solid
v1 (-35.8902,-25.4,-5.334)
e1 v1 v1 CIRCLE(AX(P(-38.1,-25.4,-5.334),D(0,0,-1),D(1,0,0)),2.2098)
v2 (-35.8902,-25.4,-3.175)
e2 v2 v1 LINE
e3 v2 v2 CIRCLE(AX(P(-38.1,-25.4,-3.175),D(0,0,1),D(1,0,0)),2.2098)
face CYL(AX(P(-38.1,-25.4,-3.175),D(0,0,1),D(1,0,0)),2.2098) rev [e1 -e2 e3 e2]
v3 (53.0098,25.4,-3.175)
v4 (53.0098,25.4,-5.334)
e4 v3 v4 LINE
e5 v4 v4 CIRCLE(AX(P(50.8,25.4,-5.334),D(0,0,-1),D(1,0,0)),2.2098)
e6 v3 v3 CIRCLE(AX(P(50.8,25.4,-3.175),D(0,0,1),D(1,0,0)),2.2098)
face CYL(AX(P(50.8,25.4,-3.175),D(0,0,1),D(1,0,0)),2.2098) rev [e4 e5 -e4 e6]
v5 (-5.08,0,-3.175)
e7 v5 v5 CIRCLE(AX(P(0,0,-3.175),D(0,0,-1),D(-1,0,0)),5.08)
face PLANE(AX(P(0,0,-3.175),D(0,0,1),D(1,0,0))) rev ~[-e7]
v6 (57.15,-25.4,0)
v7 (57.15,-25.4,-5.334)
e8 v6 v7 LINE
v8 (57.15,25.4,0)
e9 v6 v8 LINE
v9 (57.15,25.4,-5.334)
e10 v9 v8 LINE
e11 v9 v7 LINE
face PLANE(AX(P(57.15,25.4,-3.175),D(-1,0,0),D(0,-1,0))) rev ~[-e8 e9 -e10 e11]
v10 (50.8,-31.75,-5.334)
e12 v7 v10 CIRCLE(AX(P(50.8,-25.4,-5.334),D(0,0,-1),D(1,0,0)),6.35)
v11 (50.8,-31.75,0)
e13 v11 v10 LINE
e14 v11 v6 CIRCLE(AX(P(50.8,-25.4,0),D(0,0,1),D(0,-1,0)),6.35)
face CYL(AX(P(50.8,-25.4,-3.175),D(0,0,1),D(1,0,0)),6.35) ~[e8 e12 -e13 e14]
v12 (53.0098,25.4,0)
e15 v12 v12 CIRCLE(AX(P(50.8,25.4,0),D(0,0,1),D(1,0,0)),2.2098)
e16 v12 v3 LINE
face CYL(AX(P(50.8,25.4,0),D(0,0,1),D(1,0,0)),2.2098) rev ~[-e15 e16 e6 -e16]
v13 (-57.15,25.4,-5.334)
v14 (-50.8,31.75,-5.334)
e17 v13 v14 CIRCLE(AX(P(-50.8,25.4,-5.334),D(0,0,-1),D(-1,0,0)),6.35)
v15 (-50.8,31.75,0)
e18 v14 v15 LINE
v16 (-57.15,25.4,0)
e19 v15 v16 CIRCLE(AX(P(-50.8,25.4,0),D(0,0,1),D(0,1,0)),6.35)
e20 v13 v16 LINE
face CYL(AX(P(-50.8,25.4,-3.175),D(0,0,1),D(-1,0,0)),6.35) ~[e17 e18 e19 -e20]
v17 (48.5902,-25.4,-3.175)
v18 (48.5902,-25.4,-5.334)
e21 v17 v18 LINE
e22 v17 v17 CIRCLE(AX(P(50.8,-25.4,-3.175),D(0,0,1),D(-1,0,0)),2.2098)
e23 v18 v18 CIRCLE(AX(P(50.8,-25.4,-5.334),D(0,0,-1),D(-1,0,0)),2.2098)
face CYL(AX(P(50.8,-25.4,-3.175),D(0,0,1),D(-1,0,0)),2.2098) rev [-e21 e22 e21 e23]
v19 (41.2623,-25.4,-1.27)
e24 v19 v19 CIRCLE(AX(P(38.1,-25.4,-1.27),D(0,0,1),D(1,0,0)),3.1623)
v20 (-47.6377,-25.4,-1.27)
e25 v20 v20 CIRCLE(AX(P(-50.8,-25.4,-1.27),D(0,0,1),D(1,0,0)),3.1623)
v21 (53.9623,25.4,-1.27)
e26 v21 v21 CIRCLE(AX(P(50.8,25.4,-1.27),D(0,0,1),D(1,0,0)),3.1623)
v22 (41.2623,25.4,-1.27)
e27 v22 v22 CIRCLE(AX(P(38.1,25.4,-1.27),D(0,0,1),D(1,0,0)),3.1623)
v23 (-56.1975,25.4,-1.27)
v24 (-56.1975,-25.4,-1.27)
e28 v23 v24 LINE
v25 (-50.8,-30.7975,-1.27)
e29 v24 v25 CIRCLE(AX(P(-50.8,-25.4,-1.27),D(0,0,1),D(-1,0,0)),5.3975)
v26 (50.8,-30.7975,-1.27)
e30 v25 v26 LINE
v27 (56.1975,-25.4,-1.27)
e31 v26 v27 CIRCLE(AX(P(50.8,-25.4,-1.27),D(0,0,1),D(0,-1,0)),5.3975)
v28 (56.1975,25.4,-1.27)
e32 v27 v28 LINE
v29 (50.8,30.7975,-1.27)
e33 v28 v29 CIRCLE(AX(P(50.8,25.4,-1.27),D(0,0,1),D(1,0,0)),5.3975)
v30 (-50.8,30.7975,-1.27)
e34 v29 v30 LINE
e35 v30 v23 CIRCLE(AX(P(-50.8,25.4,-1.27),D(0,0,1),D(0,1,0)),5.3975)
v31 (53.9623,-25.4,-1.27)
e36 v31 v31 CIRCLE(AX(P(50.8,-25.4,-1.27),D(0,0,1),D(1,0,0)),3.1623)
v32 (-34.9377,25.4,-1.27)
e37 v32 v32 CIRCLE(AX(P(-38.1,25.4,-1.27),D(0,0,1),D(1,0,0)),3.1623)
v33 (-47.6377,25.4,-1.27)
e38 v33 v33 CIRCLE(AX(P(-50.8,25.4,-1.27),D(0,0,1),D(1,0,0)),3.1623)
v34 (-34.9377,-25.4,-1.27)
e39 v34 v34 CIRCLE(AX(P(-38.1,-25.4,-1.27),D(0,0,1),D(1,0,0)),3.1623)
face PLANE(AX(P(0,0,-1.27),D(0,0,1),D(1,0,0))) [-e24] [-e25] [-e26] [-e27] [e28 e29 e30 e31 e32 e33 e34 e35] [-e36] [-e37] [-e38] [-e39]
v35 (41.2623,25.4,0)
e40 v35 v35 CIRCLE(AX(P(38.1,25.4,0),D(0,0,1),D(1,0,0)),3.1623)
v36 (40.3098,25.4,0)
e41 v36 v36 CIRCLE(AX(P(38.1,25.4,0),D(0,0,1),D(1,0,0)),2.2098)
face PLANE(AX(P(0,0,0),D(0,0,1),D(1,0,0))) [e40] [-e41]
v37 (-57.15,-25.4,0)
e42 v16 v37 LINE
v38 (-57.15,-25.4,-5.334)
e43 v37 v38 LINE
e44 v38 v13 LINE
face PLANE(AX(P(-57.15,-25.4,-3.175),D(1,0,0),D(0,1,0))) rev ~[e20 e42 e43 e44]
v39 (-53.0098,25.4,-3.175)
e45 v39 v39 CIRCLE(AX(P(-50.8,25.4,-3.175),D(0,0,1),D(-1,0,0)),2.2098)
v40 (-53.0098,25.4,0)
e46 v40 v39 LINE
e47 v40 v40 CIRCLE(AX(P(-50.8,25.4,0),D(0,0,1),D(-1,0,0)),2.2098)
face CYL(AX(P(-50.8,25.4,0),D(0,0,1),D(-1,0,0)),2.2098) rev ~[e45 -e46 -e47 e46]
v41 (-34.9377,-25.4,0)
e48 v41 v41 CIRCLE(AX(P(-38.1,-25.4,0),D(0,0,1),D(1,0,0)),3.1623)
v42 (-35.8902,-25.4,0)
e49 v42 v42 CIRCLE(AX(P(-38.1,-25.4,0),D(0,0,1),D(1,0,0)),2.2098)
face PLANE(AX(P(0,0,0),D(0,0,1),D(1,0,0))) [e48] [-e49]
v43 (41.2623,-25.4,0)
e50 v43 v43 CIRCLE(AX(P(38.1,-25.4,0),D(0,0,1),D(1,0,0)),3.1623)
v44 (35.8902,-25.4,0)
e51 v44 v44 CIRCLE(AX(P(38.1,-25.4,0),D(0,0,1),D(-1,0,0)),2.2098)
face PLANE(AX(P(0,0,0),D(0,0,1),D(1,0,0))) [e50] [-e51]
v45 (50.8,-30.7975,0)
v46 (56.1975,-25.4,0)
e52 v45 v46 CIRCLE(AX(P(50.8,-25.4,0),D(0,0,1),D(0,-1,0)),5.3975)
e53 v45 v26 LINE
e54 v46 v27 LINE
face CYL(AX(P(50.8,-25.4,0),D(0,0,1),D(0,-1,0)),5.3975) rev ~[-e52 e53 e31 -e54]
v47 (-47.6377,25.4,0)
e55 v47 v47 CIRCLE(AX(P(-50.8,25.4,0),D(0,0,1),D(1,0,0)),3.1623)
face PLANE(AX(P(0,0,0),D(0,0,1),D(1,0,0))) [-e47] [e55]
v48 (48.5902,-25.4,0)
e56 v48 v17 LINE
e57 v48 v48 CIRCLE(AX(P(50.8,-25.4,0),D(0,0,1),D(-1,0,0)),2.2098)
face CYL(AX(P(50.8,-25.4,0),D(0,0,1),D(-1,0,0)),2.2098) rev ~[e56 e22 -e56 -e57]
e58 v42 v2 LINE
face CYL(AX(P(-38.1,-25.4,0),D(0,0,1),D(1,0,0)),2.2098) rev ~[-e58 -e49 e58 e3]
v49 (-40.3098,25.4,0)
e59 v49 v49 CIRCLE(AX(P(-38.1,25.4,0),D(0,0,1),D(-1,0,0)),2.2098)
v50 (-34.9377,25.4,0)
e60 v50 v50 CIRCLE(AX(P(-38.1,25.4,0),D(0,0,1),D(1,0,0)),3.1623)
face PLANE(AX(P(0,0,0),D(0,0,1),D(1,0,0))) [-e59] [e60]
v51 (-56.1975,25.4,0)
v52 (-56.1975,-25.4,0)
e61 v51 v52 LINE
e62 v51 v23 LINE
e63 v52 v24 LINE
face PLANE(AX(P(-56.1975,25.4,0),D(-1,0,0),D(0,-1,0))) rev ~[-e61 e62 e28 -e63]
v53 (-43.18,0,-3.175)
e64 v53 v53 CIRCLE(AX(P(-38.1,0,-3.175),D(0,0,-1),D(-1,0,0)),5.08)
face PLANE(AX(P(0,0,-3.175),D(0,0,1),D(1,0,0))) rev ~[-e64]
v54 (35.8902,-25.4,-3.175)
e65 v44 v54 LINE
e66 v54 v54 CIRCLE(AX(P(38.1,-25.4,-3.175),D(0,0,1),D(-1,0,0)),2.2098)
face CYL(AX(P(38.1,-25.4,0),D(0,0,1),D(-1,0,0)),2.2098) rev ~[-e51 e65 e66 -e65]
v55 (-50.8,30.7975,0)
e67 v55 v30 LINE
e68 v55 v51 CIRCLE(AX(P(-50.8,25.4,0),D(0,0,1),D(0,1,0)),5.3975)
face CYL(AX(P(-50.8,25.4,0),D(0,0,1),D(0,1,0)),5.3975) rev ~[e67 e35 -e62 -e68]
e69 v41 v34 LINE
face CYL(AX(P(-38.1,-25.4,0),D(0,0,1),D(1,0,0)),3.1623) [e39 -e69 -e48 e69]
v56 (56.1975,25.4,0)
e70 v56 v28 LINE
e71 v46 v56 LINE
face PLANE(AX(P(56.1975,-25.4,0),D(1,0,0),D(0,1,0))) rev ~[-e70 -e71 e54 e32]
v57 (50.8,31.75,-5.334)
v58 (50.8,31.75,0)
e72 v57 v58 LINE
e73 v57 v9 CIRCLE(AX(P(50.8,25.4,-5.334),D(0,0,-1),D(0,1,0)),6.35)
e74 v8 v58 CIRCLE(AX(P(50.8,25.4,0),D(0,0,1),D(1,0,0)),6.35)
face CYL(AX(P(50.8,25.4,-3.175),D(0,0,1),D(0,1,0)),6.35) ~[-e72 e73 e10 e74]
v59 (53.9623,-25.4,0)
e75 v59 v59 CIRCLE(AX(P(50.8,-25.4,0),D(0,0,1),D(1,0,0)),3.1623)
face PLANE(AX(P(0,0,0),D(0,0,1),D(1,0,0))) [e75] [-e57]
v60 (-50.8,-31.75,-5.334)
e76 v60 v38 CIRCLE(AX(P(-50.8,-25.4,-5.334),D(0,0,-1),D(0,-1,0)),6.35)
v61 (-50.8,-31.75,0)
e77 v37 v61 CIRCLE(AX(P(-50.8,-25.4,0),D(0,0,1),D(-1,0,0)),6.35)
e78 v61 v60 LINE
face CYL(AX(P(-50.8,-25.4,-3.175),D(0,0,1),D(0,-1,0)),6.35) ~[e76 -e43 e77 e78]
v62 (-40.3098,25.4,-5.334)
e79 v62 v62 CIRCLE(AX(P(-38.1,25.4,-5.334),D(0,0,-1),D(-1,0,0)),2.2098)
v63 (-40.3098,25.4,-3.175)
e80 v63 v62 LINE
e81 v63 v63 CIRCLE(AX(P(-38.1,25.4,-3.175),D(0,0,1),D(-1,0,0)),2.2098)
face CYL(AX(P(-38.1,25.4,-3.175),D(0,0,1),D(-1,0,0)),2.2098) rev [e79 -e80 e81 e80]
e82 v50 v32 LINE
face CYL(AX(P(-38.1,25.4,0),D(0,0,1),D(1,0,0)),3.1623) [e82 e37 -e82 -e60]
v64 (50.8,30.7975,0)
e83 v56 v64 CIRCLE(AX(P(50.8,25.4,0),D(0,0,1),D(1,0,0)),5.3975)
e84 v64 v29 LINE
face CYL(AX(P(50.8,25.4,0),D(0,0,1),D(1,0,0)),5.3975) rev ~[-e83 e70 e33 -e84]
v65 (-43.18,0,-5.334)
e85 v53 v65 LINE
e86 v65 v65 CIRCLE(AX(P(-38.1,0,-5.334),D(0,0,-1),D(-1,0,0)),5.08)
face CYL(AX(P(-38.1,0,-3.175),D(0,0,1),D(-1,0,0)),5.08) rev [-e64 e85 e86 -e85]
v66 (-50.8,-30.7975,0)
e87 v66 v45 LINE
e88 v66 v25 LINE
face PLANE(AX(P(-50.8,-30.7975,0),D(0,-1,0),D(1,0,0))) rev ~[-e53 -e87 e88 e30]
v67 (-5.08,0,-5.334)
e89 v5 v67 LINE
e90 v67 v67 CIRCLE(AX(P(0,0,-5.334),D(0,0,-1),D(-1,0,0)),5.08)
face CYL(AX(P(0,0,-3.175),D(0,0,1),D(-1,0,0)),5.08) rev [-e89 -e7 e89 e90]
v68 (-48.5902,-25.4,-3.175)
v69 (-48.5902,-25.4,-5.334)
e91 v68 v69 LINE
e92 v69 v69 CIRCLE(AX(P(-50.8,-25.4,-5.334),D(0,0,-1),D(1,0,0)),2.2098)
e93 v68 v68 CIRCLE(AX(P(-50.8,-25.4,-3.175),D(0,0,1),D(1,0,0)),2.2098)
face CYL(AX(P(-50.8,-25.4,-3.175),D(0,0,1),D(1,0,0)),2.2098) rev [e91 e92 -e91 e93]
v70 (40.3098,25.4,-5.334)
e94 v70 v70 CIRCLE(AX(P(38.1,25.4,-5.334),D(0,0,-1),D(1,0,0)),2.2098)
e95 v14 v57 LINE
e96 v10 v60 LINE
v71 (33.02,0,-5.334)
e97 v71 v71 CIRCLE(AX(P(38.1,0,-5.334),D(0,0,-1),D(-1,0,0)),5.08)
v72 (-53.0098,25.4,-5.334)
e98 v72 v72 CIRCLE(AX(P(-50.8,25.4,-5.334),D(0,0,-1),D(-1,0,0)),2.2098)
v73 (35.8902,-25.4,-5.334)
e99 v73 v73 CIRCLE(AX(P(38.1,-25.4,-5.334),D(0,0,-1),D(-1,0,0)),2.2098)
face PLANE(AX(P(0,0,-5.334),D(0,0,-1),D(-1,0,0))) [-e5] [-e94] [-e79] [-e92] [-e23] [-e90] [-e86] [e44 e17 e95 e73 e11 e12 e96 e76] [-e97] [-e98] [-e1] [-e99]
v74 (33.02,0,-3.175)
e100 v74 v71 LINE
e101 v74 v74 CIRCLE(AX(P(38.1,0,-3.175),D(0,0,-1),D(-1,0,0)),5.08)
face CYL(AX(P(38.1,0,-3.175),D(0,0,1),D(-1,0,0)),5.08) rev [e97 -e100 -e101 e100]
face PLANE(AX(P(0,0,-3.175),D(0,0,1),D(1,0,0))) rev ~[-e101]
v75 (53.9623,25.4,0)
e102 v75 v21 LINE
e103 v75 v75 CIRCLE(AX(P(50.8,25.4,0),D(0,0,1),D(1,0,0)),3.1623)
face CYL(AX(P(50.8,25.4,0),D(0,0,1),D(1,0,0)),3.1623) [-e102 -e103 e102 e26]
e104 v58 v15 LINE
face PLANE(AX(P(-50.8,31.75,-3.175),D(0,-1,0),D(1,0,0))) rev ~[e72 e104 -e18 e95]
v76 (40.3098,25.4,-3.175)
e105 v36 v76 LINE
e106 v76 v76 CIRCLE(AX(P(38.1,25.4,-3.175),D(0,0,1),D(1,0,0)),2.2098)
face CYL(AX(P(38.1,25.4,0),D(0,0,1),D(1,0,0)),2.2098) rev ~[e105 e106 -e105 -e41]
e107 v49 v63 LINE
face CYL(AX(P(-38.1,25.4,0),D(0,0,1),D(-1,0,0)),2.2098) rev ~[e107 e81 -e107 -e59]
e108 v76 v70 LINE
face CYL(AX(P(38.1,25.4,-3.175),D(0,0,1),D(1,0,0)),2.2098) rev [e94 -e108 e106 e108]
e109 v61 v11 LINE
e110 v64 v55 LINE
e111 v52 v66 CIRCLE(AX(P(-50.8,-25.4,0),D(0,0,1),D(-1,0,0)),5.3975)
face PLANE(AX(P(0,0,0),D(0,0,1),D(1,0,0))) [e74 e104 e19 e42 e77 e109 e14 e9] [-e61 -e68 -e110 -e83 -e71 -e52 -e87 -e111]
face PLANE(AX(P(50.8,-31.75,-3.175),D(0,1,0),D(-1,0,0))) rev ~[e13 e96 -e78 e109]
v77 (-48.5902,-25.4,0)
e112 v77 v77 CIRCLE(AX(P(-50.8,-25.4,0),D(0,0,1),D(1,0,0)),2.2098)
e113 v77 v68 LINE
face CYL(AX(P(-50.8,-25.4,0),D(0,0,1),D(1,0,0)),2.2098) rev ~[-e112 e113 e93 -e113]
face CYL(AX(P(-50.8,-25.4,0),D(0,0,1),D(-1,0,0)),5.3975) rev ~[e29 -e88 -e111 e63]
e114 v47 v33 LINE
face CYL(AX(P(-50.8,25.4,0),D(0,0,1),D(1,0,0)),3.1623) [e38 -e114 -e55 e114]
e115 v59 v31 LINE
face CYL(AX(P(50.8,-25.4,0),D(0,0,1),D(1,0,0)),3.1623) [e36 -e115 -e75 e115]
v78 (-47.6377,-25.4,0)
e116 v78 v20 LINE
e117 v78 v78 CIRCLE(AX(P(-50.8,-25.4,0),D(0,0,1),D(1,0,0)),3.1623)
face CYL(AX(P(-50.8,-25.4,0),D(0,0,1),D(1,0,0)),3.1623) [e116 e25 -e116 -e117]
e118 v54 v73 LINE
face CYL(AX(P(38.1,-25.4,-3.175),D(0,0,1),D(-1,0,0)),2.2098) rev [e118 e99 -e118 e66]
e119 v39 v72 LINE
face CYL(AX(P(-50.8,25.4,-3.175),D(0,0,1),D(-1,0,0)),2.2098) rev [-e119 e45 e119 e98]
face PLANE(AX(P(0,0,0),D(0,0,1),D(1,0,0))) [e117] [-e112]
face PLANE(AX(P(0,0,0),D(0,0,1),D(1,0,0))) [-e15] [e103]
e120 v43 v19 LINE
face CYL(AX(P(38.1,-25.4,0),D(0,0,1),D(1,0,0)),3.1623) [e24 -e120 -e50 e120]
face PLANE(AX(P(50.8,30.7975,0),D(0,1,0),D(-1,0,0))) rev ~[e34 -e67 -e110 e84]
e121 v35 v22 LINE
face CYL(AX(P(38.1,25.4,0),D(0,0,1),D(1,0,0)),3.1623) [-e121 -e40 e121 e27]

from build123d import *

# Parameters (mm, degrees)
SKETCH1_R           = 2.2098
BOSS_EXTRUDE1_DEPTH = 3.175
SKETCH2_R           = 3.1623
CUT_EXTRUDE3_DEPTH  = 1.27
SKETCH3_R           = 2.2098
SKETCH3_R_2         = 5.08
BOSS_EXTRUDE2_DEPTH = 2.159


with BuildPart() as part:
    # Sketch1 → Boss-Extrude1 (new body)
    with BuildSketch(Plane.XY):
        with BuildLine():
            Line((-50.8, -31.75), (50.8, -31.75))
            ThreePointArc((50.8, -31.75), (55.290128061, -29.890128061), (57.15, -25.4))
            Line((57.15, -25.4), (57.15, 25.4))
            ThreePointArc((57.15, 25.4), (55.290128061, 29.890128061), (50.8, 31.75))
            Line((50.8, 31.75), (-50.8, 31.75))
            ThreePointArc((-50.8, 31.75), (-55.290128061, 29.890128061), (-57.15, 25.4))
            Line((-57.15, 25.4), (-57.15, -25.4))
            ThreePointArc((-57.15, -25.4), (-55.290128061, -29.890128061), (-50.8, -31.75))
        make_face()
        with Locations((-50.8, -25.4)):
            Circle(SKETCH1_R, mode=Mode.SUBTRACT)
        with Locations((-38.1, -25.4)):
            Circle(SKETCH1_R, mode=Mode.SUBTRACT)
        with Locations(Location((-50.8, 25.4, 0), (0, 0, 180))):
            Circle(SKETCH1_R, mode=Mode.SUBTRACT)
        with Locations(Location((-38.1, 25.4, 0), (0, 0, 180))):
            Circle(SKETCH1_R, mode=Mode.SUBTRACT)
        with Locations((50.8, 25.4)):
            Circle(SKETCH1_R, mode=Mode.SUBTRACT)
        with Locations((38.1, 25.4)):
            Circle(SKETCH1_R, mode=Mode.SUBTRACT)
        with Locations(Location((50.8, -25.4, 0), (0, 0, 180))):
            Circle(SKETCH1_R, mode=Mode.SUBTRACT)
        with Locations(Location((38.1, -25.4, 0), (0, 0, 180))):
            Circle(SKETCH1_R, mode=Mode.SUBTRACT)
    extrude(amount=-BOSS_EXTRUDE1_DEPTH)

    # Sketch2 → Cut-Extrude3 (cut)
    with BuildSketch(Plane.XY):
        with BuildLine():
            Line((50.8, 30.7975), (-50.8, 30.7975))
            ThreePointArc((-50.8, 30.7975), (-54.616608851, 29.216608851), (-56.1975, 25.4))
            Line((-56.1975, 25.4), (-56.1975, -25.4))
            ThreePointArc((-56.1975, -25.4), (-54.616608851, -29.216608851), (-50.8, -30.7975))
            Line((-50.8, -30.7975), (50.8, -30.7975))
            ThreePointArc((50.8, -30.7975), (54.616608851, -29.216608851), (56.1975, -25.4))
            Line((56.1975, -25.4), (56.1975, 25.4))
            ThreePointArc((56.1975, 25.4), (54.616608851, 29.216608851), (50.8, 30.7975))
        make_face()
        with Locations((38.1, 25.4)):
            Circle(SKETCH2_R, mode=Mode.SUBTRACT)
        with Locations((50.8, 25.4)):
            Circle(SKETCH2_R, mode=Mode.SUBTRACT)
        with Locations((50.8, -25.4)):
            Circle(SKETCH2_R, mode=Mode.SUBTRACT)
        with Locations((38.1, -25.4)):
            Circle(SKETCH2_R, mode=Mode.SUBTRACT)
        with Locations((-38.1, -25.4)):
            Circle(SKETCH2_R, mode=Mode.SUBTRACT)
        with Locations((-50.8, -25.4)):
            Circle(SKETCH2_R, mode=Mode.SUBTRACT)
        with Locations((-38.1, 25.4)):
            Circle(SKETCH2_R, mode=Mode.SUBTRACT)
        with Locations((-50.8, 25.4)):
            Circle(SKETCH2_R, mode=Mode.SUBTRACT)
    extrude(amount=-CUT_EXTRUDE3_DEPTH, mode=Mode.SUBTRACT)

    # Sketch3 → Boss-Extrude2 (add)
    with BuildSketch(Plane(origin=(0, 0, -3.175), x_dir=(-1, 0, 0), z_dir=(0, 0, -1))):
        with BuildLine():
            Line((-57.15, 25.4), (-57.15, -25.4))
            ThreePointArc((-57.15, -25.4), (-55.290128061, -29.890128061), (-50.8, -31.75))
            Line((-50.8, -31.75), (50.8, -31.75))
            ThreePointArc((50.8, -31.75), (55.290128061, -29.890128061), (57.15, -25.4))
            Line((57.15, -25.4), (57.15, 25.4))
            ThreePointArc((57.15, 25.4), (55.290128061, 29.890128061), (50.8, 31.75))
            Line((50.8, 31.75), (-50.8, 31.75))
            ThreePointArc((-50.8, 31.75), (-55.290128061, 29.890128061), (-57.15, 25.4))
        make_face()
        with Locations((-50.8, -25.4)):
            Circle(SKETCH3_R, mode=Mode.SUBTRACT)
        with Locations((-38.1, -25.4)):
            Circle(SKETCH3_R, mode=Mode.SUBTRACT)
        with Locations(Location((38.1, -25.4, 0), (0, 0, 180))):
            Circle(SKETCH3_R, mode=Mode.SUBTRACT)
        with Locations(Location((50.8, -25.4, 0), (0, 0, 180))):
            Circle(SKETCH3_R, mode=Mode.SUBTRACT)
        with Locations((50.8, 25.4)):
            Circle(SKETCH3_R, mode=Mode.SUBTRACT)
        with Locations((38.1, 25.4)):
            Circle(SKETCH3_R, mode=Mode.SUBTRACT)
        with Locations(Location((-38.1, 25.4, 0), (0, 0, 180))):
            Circle(SKETCH3_R, mode=Mode.SUBTRACT)
        with Locations(Location((-50.8, 25.4, 0), (0, 0, 180))):
            Circle(SKETCH3_R, mode=Mode.SUBTRACT)
        Circle(SKETCH3_R_2, mode=Mode.SUBTRACT)
        with Locations((38.1, 0)):
            Circle(SKETCH3_R_2, mode=Mode.SUBTRACT)
        with Locations((-38.1, 0)):
            Circle(SKETCH3_R_2, mode=Mode.SUBTRACT)
    extrude(amount=BOSS_EXTRUDE2_DEPTH)


solid = part.part
